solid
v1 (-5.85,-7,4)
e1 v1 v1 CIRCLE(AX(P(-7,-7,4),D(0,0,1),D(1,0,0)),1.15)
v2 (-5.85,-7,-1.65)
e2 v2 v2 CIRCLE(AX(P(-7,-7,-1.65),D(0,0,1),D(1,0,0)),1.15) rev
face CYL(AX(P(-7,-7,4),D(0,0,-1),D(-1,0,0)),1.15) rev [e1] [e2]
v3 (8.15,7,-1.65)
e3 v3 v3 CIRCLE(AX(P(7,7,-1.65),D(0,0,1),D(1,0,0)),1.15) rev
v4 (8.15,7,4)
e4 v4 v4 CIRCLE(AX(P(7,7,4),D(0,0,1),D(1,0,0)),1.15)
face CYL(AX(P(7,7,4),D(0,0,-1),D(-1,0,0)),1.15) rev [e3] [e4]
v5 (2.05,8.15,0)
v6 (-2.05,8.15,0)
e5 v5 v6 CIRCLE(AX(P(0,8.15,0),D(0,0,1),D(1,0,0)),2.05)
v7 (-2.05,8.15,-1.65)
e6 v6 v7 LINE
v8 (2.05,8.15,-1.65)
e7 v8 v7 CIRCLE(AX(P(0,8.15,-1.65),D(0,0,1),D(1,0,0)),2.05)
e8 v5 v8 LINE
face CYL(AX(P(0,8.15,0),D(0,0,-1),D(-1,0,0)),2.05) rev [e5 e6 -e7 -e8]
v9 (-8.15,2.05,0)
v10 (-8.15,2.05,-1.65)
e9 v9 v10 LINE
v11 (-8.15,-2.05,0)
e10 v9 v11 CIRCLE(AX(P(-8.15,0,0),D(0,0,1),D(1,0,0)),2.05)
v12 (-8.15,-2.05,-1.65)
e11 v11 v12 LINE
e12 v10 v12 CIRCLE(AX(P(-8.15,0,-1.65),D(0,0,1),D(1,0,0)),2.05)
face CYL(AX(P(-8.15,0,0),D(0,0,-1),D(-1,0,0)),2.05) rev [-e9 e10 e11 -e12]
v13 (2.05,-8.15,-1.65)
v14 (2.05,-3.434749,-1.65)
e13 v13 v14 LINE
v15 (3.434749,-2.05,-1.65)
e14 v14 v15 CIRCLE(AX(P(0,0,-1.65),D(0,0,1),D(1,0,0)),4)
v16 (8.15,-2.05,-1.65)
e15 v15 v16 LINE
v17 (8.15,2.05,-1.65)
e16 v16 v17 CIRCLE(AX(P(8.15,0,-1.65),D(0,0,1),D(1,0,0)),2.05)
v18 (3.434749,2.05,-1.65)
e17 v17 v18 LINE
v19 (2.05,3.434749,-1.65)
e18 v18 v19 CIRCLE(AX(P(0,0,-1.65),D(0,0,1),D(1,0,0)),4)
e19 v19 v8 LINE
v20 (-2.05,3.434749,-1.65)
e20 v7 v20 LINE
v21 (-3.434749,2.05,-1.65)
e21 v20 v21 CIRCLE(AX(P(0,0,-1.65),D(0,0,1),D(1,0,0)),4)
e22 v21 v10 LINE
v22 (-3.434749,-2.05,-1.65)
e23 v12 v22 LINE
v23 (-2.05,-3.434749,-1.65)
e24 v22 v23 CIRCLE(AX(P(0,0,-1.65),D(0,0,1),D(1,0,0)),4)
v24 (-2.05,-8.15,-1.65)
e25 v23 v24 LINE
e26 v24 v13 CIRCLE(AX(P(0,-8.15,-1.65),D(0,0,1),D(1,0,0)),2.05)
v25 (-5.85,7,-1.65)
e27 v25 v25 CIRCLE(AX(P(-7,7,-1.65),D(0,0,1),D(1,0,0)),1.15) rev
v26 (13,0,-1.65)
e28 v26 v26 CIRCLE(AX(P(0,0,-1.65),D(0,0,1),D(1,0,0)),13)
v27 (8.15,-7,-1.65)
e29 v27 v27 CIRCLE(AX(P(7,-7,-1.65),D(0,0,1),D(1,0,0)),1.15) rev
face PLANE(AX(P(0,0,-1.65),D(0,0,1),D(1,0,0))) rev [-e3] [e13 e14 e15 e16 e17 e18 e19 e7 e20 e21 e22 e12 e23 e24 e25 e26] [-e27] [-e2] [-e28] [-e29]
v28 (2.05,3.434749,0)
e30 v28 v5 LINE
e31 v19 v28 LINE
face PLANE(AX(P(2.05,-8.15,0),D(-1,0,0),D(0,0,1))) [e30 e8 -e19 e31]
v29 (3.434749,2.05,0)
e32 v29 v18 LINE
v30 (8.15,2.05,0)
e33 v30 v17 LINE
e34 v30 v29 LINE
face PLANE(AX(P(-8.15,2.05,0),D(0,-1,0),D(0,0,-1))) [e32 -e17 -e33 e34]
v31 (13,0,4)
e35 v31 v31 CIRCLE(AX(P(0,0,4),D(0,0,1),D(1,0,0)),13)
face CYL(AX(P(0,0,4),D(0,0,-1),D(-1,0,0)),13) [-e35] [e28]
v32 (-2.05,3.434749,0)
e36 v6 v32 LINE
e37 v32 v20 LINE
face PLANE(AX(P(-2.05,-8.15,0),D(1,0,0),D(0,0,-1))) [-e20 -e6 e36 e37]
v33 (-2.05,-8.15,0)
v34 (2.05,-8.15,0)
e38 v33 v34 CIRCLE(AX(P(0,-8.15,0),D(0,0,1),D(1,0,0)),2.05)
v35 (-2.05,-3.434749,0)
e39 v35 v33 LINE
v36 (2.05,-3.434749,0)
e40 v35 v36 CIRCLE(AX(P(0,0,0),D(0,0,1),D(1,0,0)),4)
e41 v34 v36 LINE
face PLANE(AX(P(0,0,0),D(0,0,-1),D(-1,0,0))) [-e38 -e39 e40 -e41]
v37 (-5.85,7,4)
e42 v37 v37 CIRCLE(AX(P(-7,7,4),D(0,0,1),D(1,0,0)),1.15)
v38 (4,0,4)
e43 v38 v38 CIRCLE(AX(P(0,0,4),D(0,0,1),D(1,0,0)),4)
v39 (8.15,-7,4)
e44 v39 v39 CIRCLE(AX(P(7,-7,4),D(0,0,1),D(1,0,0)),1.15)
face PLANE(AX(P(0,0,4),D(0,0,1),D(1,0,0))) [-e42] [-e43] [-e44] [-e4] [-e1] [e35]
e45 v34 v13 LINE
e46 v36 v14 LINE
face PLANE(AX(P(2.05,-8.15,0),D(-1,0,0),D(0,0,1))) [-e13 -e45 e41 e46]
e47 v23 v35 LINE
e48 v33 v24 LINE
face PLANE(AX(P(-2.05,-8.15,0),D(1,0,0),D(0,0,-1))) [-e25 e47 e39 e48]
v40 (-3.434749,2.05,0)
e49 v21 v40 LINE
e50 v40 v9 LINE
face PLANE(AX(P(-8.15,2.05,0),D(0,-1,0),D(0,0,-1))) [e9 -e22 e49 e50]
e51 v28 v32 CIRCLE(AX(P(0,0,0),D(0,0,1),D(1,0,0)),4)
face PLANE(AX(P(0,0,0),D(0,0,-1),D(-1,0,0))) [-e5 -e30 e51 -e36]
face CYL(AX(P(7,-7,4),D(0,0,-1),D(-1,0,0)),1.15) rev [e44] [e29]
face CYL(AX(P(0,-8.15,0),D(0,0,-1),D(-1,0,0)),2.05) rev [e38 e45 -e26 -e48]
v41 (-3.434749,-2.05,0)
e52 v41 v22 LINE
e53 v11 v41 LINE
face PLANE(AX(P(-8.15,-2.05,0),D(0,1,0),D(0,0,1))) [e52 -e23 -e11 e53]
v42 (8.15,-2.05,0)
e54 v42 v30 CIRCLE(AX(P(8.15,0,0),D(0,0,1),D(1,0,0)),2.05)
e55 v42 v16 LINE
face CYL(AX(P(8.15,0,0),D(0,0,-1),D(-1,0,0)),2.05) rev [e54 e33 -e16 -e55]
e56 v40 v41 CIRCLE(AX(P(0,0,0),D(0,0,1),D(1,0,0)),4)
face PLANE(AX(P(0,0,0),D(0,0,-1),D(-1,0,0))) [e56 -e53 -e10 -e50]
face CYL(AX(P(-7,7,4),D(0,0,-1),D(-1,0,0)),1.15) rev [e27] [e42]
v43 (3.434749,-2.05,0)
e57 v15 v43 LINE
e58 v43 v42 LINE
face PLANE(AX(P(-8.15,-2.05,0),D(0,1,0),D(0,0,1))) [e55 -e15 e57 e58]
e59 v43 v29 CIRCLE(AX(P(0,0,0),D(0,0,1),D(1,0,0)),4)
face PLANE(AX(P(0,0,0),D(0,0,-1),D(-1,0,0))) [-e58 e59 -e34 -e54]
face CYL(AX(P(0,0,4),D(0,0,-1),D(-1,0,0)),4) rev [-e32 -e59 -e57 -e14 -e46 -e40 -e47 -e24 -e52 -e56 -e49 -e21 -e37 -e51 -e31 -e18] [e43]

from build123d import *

# Parameters (mm, degrees)
TRIAL_LOAD_PLATE_PROFILE_R           = 13
TRIAL_LOAD_PLATE_PROFILE_R_2         = 4
TRIAL_LOAD_PLATE_DEPTH               = 4
CAPTURED_HORN_KEY_BOSS_START         = -1.65
CAPTURED_HORN_KEY_BOSS_PROFILE_R     = 13
CAPTURED_HORN_KEY_BOSS_DEPTH         = 1.65
KEY_POCKET_HUB_START                 = -1.65
STOCK_HORN_POCKET_HUB_R              = 3.5
KEY_POCKET_HUB_DEPTH                 = 1.65
KEY_POCKET_HORIZONTAL_START          = -1.65
STOCK_HORN_POCKET_HORIZONTAL_W       = 16.3
STOCK_HORN_POCKET_HORIZONTAL_H       = 4.1
KEY_POCKET_HORIZONTAL_DEPTH          = 1.65
KEY_POCKET_VERTICAL_START            = -1.65
STOCK_HORN_POCKET_VERTICAL_W         = 4.1
STOCK_HORN_POCKET_VERTICAL_H         = 16.3
KEY_POCKET_VERTICAL_DEPTH            = 1.65
KEY_POCKET_ROUNDED_TIPS_START        = -1.65
STOCK_HORN_POCKET_ROUNDED_TIPS_R     = 2.05
KEY_POCKET_ROUNDED_TIPS_DEPTH        = 1.65
UNMODIFIED_HORN_CAPTURE_M2_START     = -50
UNMODIFIED_HORN_CAPTURE_M2_PROFILE_R = 1.15
UNMODIFIED_HORN_CAPTURE_M2_DEPTH     = 69.814887722
HUB_CLEARANCE_IN_KEY_BOSS_ONLY_START = -1.65
HORN_CENTER_HUB_CLEARANCE_R          = 4
HUB_CLEARANCE_IN_KEY_BOSS_ONLY_DEPTH = 1.65


with BuildPart() as part:
    # Trial_load_plate_profile → Trial_load_plate (new body)
    with BuildSketch(Plane.XY):
        Circle(TRIAL_LOAD_PLATE_PROFILE_R)
        Circle(TRIAL_LOAD_PLATE_PROFILE_R_2, mode=Mode.SUBTRACT)
    extrude(amount=TRIAL_LOAD_PLATE_DEPTH)

    # Captured_horn_key_boss_profile → Captured_horn_key_boss (add)
    with BuildSketch(Plane.XY.offset(CAPTURED_HORN_KEY_BOSS_START)):
        Circle(CAPTURED_HORN_KEY_BOSS_PROFILE_R)
    extrude(amount=CAPTURED_HORN_KEY_BOSS_DEPTH)

    # Stock_horn_pocket_Hub → Key_pocket_Hub (cut)
    with BuildSketch(Plane.XY.offset(KEY_POCKET_HUB_START)):
        Circle(STOCK_HORN_POCKET_HUB_R)
    extrude(amount=KEY_POCKET_HUB_DEPTH, mode=Mode.SUBTRACT)

    # Stock_horn_pocket_Horizontal → Key_pocket_Horizontal (cut)
    with BuildSketch(Plane.XY.offset(KEY_POCKET_HORIZONTAL_START)):
        Rectangle(STOCK_HORN_POCKET_HORIZONTAL_W, STOCK_HORN_POCKET_HORIZONTAL_H)
    extrude(amount=KEY_POCKET_HORIZONTAL_DEPTH, mode=Mode.SUBTRACT)

    # Stock_horn_pocket_Vertical → Key_pocket_Vertical (cut)
    with BuildSketch(Plane.XY.offset(KEY_POCKET_VERTICAL_START)):
        Rectangle(STOCK_HORN_POCKET_VERTICAL_W, STOCK_HORN_POCKET_VERTICAL_H)
    extrude(amount=KEY_POCKET_VERTICAL_DEPTH, mode=Mode.SUBTRACT)

    # Stock_horn_pocket_Rounded_tips → Key_pocket_Rounded_tips (cut)
    with BuildSketch(Plane.XY.offset(KEY_POCKET_ROUNDED_TIPS_START)):
        with Locations((8.15, 0)):
            Circle(STOCK_HORN_POCKET_ROUNDED_TIPS_R)
        with Locations((-8.15, 0)):
            Circle(STOCK_HORN_POCKET_ROUNDED_TIPS_R)
        with Locations((0, 8.15)):
            Circle(STOCK_HORN_POCKET_ROUNDED_TIPS_R)
        with Locations((0, -8.15)):
            Circle(STOCK_HORN_POCKET_ROUNDED_TIPS_R)
    extrude(amount=KEY_POCKET_ROUNDED_TIPS_DEPTH, mode=Mode.SUBTRACT)

    # Unmodified_horn_capture_M2_profile → Unmodified_horn_capture_M2 (cut, through all)
    with BuildSketch(Plane.XY.offset(UNMODIFIED_HORN_CAPTURE_M2_START)):
        with Locations((7, 7)):
            Circle(UNMODIFIED_HORN_CAPTURE_M2_PROFILE_R)
        with Locations((-7, 7)):
            Circle(UNMODIFIED_HORN_CAPTURE_M2_PROFILE_R)
        with Locations((-7, -7)):
            Circle(UNMODIFIED_HORN_CAPTURE_M2_PROFILE_R)
        with Locations((7, -7)):
            Circle(UNMODIFIED_HORN_CAPTURE_M2_PROFILE_R)
    extrude(amount=UNMODIFIED_HORN_CAPTURE_M2_DEPTH, mode=Mode.SUBTRACT)

    # Horn_center_hub_clearance → Hub_clearance_in_key_boss_only (cut)
    with BuildSketch(Plane.XY.offset(HUB_CLEARANCE_IN_KEY_BOSS_ONLY_START)):
        with Locations(Location((0, 0, 0), (0, 0, 149.169502568))):
            Circle(HORN_CENTER_HUB_CLEARANCE_R)
    extrude(amount=HUB_CLEARANCE_IN_KEY_BOSS_ONLY_DEPTH, mode=Mode.SUBTRACT)


solid = part.part
